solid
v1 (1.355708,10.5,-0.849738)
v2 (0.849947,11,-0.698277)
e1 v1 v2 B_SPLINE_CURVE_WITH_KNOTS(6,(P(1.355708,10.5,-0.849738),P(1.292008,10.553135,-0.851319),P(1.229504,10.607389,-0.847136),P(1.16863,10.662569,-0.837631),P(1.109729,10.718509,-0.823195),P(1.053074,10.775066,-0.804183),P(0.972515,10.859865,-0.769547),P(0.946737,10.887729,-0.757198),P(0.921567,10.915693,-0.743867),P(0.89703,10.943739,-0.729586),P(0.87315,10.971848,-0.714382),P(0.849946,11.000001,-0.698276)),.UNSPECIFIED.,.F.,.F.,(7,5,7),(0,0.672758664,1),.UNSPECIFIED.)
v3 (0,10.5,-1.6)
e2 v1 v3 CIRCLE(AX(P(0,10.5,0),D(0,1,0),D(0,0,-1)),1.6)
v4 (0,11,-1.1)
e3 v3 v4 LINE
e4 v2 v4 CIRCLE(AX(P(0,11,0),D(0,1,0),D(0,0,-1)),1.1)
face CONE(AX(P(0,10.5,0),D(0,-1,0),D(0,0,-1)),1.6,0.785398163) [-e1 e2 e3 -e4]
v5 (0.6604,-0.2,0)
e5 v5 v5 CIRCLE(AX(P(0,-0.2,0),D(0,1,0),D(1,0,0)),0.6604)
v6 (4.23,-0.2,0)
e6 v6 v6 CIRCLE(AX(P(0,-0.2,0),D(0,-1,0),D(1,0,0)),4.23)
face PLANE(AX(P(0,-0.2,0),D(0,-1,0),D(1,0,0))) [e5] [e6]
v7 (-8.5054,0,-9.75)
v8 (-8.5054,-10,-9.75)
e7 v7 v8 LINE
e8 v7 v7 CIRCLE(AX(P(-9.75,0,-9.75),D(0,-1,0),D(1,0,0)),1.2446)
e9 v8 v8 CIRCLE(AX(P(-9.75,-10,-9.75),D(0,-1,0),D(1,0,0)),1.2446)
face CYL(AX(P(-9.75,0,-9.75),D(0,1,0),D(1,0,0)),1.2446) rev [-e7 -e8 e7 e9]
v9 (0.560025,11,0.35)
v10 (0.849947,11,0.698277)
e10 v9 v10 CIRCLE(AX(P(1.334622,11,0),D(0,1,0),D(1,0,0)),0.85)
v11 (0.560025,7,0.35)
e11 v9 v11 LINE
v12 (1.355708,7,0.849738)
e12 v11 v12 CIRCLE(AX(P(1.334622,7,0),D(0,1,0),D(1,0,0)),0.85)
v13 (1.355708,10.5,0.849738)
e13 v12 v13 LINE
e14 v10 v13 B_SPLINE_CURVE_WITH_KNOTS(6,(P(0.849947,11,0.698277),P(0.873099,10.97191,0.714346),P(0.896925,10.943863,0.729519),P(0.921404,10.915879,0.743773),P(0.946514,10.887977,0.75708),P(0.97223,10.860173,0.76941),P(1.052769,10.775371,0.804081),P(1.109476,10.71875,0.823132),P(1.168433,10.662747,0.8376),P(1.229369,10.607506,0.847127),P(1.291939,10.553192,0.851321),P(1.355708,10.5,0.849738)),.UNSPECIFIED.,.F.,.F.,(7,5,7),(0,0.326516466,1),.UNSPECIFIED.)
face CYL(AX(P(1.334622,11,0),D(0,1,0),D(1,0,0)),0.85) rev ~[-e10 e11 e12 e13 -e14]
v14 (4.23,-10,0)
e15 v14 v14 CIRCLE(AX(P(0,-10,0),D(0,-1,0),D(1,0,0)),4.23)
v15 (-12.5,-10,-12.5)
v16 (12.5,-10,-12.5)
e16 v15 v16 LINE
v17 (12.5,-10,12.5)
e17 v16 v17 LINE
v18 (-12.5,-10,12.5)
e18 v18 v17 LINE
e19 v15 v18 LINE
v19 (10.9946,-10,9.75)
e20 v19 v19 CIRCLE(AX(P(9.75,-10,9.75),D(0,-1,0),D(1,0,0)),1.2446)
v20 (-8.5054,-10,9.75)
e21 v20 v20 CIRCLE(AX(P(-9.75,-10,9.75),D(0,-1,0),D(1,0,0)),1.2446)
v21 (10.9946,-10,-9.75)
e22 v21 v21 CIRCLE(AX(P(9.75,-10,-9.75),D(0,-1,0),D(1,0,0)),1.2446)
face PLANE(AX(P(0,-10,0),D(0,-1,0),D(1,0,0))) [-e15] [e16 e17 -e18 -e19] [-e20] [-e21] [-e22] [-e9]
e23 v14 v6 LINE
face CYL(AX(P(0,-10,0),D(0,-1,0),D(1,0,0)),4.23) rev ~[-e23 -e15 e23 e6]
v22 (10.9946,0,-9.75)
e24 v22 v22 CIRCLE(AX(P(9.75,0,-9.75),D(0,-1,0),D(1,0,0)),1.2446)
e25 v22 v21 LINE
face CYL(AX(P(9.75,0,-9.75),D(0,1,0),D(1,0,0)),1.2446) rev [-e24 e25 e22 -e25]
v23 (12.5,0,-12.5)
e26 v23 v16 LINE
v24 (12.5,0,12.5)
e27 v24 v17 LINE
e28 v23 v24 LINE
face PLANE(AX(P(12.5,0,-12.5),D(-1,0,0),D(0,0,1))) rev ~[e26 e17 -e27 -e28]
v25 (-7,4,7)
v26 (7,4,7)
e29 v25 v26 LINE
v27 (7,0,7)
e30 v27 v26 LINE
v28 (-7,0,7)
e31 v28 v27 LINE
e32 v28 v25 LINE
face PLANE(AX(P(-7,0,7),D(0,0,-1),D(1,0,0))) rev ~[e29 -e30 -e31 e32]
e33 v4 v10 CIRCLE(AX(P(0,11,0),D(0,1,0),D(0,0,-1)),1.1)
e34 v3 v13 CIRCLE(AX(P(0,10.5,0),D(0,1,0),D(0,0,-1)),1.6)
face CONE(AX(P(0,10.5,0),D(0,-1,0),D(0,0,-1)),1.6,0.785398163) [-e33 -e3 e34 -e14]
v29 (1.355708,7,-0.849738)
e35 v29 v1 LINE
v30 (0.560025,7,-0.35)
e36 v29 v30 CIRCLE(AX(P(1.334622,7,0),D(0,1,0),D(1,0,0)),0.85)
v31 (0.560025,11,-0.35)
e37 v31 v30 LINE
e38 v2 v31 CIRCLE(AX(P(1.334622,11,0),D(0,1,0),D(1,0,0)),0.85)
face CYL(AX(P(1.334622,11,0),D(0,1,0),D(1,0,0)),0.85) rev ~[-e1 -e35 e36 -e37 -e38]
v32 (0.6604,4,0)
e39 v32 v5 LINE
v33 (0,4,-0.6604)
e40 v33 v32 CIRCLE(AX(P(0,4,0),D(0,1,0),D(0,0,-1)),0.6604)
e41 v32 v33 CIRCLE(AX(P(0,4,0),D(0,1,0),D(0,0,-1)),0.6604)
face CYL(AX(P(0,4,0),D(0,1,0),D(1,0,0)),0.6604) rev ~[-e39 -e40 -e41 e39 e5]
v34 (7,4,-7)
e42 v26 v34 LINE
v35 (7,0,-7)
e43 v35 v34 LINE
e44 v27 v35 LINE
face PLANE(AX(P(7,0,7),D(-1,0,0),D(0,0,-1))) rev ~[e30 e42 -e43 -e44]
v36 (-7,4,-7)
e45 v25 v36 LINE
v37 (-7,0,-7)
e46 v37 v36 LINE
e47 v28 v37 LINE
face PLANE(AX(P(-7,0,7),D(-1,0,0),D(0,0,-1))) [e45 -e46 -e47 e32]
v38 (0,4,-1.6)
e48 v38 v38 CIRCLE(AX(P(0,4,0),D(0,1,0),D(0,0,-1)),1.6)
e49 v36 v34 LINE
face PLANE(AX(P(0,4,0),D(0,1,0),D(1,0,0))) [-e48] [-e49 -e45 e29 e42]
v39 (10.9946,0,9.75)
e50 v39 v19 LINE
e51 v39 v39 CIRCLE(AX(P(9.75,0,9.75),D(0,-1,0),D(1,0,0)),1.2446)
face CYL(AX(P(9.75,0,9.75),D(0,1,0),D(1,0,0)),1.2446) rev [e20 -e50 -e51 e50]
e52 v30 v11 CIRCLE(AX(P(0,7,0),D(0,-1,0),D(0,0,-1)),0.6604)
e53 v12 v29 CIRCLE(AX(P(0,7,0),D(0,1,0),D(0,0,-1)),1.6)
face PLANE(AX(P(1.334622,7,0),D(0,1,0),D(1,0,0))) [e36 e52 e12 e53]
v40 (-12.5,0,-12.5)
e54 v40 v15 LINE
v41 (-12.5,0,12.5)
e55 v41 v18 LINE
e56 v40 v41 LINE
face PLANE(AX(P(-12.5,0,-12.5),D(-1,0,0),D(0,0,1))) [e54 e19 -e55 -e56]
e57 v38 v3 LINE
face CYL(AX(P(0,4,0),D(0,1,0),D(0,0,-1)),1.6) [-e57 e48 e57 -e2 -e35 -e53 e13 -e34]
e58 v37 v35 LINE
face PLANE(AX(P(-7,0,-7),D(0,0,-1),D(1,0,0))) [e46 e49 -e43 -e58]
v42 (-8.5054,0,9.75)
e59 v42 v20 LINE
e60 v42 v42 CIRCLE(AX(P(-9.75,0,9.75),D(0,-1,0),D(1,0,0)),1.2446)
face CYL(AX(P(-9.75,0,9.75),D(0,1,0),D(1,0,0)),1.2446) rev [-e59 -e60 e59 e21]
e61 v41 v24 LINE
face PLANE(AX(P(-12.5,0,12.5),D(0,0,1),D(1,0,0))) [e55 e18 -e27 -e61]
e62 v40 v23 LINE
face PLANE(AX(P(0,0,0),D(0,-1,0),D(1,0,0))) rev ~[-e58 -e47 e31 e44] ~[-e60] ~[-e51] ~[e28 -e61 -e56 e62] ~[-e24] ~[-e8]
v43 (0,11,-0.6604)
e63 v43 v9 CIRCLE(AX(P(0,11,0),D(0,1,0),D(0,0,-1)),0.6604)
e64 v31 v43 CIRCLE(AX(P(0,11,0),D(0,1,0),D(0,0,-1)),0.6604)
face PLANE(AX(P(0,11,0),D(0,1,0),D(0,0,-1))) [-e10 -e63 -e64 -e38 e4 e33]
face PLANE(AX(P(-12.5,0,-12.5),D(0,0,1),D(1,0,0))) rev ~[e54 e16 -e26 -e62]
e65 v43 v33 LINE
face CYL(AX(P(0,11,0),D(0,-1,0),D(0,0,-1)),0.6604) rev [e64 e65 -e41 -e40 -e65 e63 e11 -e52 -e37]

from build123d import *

# Parameters (mm, degrees)
SKETCH1_W           = 14
SKETCH1_H           = 14
BOSS_EXTRUDE1_DEPTH = 4
SKETCH2_W           = 25
SKETCH2_H           = 25
SKETCH2_R           = 1.2446
BOSS_EXTRUDE2_DEPTH = 10
SKETCH3_R           = 4.23
CUT_EXTRUDE1_DEPTH  = 9.8
SKETCH5_R           = 0.6604
CUT_EXTRUDE2_DEPTH  = 14
SKETCH8_R           = 0.85
CUT_EXTRUDE3_DEPTH  = 4


with BuildPart() as part:
    # Sketch1 → Boss-Extrude1 (new body)
    with BuildSketch(Plane(origin=(0, 0, 0), x_dir=(1, 0, 0), z_dir=(0, 1, 0))):
        Rectangle(SKETCH1_W, SKETCH1_H)
    extrude(amount=BOSS_EXTRUDE1_DEPTH)

    # Sketch2 → Boss-Extrude2 (add)
    with BuildSketch(Plane.XZ):
        Rectangle(SKETCH2_W, SKETCH2_H)
        with Locations((-9.75, 9.75)):
            Circle(SKETCH2_R, mode=Mode.SUBTRACT)
        with Locations((9.75, 9.75)):
            Circle(SKETCH2_R, mode=Mode.SUBTRACT)
        with Locations((9.75, -9.75)):
            Circle(SKETCH2_R, mode=Mode.SUBTRACT)
        with Locations((-9.75, -9.75)):
            Circle(SKETCH2_R, mode=Mode.SUBTRACT)
    extrude(amount=BOSS_EXTRUDE2_DEPTH)

    # Sketch3 → Cut-Extrude1 (cut)
    with BuildSketch(Plane.XZ.offset(10)):
        Circle(SKETCH3_R)
    extrude(amount=-CUT_EXTRUDE1_DEPTH, mode=Mode.SUBTRACT)

    # Sketch4 → Revolve1 (revolve)
    with BuildSketch(Plane(origin=(0, 0, 0), x_dir=(0, 0, -1), z_dir=(1, 0, 0))):
        Polygon((0.6604, 11), (0.6604, 4), (1.6, 4), (1.6, 10.5), (1.1, 11), align=None)
    revolve(axis=Axis((0, 4, 0), (0, 1, 0)))

    # Sketch5 → Cut-Extrude2 (cut)
    with BuildSketch(Plane(origin=(0, 4, 0), x_dir=(1, 0, 0), z_dir=(0, 1, 0))):
        Circle(SKETCH5_R)
    extrude(amount=-CUT_EXTRUDE2_DEPTH, mode=Mode.SUBTRACT)

    # Sketch8 → Cut-Extrude3 (cut)
    with BuildSketch(Plane(origin=(0, 11, 0), x_dir=(1, 0, 0), z_dir=(0, 1, 0))):
        with Locations((1.334621812, 0)):
            Circle(SKETCH8_R)
    extrude(amount=-CUT_EXTRUDE3_DEPTH, mode=Mode.SUBTRACT)


solid = part.part
